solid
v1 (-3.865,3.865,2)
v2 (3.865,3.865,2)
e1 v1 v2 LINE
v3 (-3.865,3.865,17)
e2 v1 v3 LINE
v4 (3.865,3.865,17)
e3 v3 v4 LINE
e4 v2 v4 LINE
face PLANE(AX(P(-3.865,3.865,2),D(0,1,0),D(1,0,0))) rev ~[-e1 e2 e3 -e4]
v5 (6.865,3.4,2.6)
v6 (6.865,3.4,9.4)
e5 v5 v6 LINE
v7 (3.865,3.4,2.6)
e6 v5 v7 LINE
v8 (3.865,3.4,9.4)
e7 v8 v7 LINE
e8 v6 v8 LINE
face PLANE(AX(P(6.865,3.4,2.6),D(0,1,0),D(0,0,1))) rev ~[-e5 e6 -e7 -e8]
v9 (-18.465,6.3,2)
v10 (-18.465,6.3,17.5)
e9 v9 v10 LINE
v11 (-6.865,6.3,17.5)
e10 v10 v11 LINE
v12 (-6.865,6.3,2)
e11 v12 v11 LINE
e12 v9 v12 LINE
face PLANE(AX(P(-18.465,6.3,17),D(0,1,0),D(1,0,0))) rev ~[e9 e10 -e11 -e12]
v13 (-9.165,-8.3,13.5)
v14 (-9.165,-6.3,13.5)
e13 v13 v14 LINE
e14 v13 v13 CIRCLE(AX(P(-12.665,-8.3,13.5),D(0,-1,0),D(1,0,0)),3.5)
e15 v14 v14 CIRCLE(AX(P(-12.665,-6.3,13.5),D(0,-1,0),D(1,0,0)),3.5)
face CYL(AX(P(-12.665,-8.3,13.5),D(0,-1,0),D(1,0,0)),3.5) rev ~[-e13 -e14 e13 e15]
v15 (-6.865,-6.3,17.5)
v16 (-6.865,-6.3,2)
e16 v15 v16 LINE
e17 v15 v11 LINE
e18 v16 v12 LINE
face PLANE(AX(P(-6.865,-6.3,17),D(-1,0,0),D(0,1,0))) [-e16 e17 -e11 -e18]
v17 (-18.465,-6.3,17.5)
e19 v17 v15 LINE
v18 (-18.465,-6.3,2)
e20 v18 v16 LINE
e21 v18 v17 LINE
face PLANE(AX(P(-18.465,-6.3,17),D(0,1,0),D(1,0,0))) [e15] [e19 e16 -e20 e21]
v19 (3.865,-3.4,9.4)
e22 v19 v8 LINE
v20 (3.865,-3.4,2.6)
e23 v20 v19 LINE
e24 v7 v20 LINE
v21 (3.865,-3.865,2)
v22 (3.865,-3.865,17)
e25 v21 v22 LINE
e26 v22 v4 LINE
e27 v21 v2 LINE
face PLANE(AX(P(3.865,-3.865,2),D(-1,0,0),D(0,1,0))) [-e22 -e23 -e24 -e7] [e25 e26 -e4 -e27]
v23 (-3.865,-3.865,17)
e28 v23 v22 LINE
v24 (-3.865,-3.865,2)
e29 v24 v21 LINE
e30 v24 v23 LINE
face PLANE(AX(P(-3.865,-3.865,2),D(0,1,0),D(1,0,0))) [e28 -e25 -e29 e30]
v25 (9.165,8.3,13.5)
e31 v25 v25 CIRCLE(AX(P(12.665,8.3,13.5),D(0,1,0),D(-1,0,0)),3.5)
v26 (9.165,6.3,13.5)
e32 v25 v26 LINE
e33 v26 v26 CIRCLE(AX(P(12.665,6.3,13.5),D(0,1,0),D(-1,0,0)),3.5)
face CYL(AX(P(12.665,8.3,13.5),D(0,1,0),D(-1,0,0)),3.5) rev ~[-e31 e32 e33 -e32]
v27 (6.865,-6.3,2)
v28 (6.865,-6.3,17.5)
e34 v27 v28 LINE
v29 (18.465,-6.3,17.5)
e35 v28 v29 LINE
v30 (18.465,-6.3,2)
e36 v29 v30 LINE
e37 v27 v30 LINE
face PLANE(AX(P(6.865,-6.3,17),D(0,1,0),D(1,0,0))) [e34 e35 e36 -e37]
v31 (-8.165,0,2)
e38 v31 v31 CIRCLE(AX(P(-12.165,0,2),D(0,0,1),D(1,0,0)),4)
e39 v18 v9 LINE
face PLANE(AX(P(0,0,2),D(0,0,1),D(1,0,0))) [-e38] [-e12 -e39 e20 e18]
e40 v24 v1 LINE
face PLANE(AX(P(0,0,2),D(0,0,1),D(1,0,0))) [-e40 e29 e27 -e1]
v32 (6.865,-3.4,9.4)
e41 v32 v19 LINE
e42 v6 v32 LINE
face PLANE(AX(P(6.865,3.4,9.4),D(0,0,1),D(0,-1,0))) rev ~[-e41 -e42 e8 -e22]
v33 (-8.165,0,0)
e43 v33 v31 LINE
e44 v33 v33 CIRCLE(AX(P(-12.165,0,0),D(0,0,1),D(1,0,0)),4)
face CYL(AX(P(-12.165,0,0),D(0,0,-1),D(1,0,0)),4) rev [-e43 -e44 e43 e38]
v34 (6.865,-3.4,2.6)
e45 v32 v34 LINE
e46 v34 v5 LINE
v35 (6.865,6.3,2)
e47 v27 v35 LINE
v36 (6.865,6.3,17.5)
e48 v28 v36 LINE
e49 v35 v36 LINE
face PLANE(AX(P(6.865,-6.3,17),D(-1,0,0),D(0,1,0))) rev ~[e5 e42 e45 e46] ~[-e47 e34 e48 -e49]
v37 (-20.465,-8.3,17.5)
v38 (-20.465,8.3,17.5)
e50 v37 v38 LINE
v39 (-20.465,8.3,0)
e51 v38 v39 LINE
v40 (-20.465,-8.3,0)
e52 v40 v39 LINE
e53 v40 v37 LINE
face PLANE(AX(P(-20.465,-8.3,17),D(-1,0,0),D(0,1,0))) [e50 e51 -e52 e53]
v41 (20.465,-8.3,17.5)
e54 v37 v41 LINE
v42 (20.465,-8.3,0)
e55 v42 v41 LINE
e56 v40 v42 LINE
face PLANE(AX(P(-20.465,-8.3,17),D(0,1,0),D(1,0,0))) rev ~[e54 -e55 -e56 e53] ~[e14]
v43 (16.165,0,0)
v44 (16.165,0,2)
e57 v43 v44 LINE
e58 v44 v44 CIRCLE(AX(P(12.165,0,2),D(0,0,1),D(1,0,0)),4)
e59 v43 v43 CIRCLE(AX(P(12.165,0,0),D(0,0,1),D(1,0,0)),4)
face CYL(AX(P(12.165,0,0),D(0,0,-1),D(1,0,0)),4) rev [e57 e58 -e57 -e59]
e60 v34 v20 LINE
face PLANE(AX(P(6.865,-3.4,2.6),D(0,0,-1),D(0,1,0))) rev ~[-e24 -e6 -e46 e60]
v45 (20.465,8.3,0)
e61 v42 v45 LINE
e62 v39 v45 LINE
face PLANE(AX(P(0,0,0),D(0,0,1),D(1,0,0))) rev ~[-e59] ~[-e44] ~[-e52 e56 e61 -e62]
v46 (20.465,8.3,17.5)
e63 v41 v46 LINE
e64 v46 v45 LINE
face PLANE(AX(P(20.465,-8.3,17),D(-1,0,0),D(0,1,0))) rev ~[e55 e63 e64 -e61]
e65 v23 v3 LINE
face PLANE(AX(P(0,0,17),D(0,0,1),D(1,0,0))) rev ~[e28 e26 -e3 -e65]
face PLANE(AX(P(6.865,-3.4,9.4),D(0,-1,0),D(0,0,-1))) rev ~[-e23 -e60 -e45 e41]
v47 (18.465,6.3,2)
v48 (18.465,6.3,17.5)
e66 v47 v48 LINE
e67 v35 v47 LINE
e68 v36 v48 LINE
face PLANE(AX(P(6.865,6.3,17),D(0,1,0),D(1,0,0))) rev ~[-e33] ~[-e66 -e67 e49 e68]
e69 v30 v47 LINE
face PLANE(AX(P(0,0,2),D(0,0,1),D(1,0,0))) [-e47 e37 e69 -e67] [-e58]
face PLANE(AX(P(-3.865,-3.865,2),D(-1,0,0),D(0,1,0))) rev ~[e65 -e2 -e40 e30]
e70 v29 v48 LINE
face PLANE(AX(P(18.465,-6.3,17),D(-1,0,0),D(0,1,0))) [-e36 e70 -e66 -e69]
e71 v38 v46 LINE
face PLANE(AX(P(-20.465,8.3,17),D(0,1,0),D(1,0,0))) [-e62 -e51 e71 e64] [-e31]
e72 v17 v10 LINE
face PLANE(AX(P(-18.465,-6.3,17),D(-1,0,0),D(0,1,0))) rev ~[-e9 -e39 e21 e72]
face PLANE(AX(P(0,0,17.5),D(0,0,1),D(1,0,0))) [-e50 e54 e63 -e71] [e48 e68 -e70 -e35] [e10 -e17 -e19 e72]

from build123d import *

# Parameters (mm, degrees)
F0_W      = 40.93
F0_H      = 16.6
F0_W_2    = 7.73
F0_H_2    = 7.73
F0_W_3    = 10.6
F0_H_3    = 10.6
F0_R      = 4
F0_W_4    = 6.33
F0_H_4    = 6.33
F1_DEPTH  = 2
F2_W      = 40.93
F2_H      = 16.6
F2_W_2    = 11.6
F2_H_2    = 12.6
F2_W_3    = 7.73
F2_H_3    = 7.73
F3_DEPTH  = 15
F4_W      = 40.93
F4_H      = 16.6
F4_W_2    = 11.6
F4_H_2    = 12.6
F4_W_3    = 7.73
F4_H_3    = 7.73
F5_DEPTH  = 0.5
F7_DEPTH  = 4
F8_R      = 3.5
F9_DEPTH  = 3
F10_R     = 3.5
F11_DEPTH = 3


with BuildPart() as f1:
    # F0 (on Top) → F1 (new body)
    with BuildSketch(Plane.XY):
        Rectangle(F0_W, F0_H)
        Polygon((-6.865, 6.3), (-6.865, 6.865), (6.865, 6.865), (6.865, 6.3), (18.465, 6.3), (18.465, -6.3), (6.865, -6.3), (6.865, -6.865), (-6.865, -6.865), (-6.865, -6.3), (-18.465, -6.3), (-18.465, 6.3), align=None, mode=Mode.SUBTRACT)
        Polygon((6.865, 6.865), (-6.865, 6.865), (-6.865, 6.3), (-6.865, 5.3), (-6.865, -5.3), (-6.865, -6.3), (-6.865, -6.865), (6.865, -6.865), (6.865, -6.3), (6.865, -5.3), (6.865, 5.3), (6.865, 6.3), align=None)
        Rectangle(F0_W_2, F0_H_2, mode=Mode.SUBTRACT)
        with Locations((12.165, 0)):
            Rectangle(F0_W_3, F0_H_3)
        with Locations((12.165, 0)):
            Circle(F0_R, mode=Mode.SUBTRACT)
        with Locations((-12.165, 0)):
            Rectangle(F0_W_3, F0_H_3)
        with Locations((-12.165, 0)):
            Circle(F0_R, mode=Mode.SUBTRACT)
        Rectangle(F0_W_2, F0_H_2)
        Rectangle(F0_W_4, F0_H_4, mode=Mode.SUBTRACT)
        Rectangle(F0_W_4, F0_H_4)
        Polygon((-6.865, 5.3), (-6.865, 6.3), (-18.465, 6.3), (-18.465, -6.3), (-6.865, -6.3), (-6.865, -5.3), (-17.465, -5.3), (-17.465, 5.3), align=None)
        Polygon((18.465, 6.3), (6.865, 6.3), (6.865, 5.3), (17.465, 5.3), (17.465, -5.3), (6.865, -5.3), (6.865, -6.3), (18.465, -6.3), align=None)
    extrude(amount=F1_DEPTH)

    # F2 (on face) → F3 (join)
    with BuildSketch(Plane.XY.offset(2)):
        Rectangle(F2_W, F2_H)
        with Locations((-12.665, 0)):
            Rectangle(F2_W_2, F2_H_2, mode=Mode.SUBTRACT)
        Rectangle(F2_W_3, F2_H_3, mode=Mode.SUBTRACT)
        with Locations((12.665, 0)):
            Rectangle(F2_W_2, F2_H_2, mode=Mode.SUBTRACT)
    extrude(amount=F3_DEPTH)

    # F4 (on face) → F5 (join)
    with BuildSketch(Plane.XY.offset(17)):
        Rectangle(F4_W, F4_H)
        with Locations((-12.665, 0)):
            Rectangle(F4_W_2, F4_H_2, mode=Mode.SUBTRACT)
        Rectangle(F4_W_3, F4_H_3, mode=Mode.SUBTRACT)
        with Locations((12.665, 0)):
            Rectangle(F4_W_2, F4_H_2, mode=Mode.SUBTRACT)
        Rectangle(F4_W_3, F4_H_3)
    extrude(amount=F5_DEPTH)

    # F6 (on face) → F7 (cut)
    with BuildSketch(Plane.YZ.offset(6.865)):
        Polygon((0, 9.4), (-3.4, 9.4), (-3.4, 2.6), (3.4, 2.6), (3.4, 9.4), align=None)
    extrude(amount=-F7_DEPTH, mode=Mode.SUBTRACT)

    # F8 (on face) → F9 (cut)
    with BuildSketch(Plane(origin=(0, 8.3, 0), x_dir=(-1, 0, 0), z_dir=(0, 1, 0))):
        with Locations((-12.665, 13.5)):
            Circle(F8_R)
    extrude(amount=-F9_DEPTH, mode=Mode.SUBTRACT)

    # F10 (on face) → F11 (cut)
    with BuildSketch(Plane.XZ.offset(8.3)):
        with Locations((-12.665, 13.5)):
            Circle(F10_R)
    extrude(amount=-F11_DEPTH, mode=Mode.SUBTRACT)


solid = f1.part
